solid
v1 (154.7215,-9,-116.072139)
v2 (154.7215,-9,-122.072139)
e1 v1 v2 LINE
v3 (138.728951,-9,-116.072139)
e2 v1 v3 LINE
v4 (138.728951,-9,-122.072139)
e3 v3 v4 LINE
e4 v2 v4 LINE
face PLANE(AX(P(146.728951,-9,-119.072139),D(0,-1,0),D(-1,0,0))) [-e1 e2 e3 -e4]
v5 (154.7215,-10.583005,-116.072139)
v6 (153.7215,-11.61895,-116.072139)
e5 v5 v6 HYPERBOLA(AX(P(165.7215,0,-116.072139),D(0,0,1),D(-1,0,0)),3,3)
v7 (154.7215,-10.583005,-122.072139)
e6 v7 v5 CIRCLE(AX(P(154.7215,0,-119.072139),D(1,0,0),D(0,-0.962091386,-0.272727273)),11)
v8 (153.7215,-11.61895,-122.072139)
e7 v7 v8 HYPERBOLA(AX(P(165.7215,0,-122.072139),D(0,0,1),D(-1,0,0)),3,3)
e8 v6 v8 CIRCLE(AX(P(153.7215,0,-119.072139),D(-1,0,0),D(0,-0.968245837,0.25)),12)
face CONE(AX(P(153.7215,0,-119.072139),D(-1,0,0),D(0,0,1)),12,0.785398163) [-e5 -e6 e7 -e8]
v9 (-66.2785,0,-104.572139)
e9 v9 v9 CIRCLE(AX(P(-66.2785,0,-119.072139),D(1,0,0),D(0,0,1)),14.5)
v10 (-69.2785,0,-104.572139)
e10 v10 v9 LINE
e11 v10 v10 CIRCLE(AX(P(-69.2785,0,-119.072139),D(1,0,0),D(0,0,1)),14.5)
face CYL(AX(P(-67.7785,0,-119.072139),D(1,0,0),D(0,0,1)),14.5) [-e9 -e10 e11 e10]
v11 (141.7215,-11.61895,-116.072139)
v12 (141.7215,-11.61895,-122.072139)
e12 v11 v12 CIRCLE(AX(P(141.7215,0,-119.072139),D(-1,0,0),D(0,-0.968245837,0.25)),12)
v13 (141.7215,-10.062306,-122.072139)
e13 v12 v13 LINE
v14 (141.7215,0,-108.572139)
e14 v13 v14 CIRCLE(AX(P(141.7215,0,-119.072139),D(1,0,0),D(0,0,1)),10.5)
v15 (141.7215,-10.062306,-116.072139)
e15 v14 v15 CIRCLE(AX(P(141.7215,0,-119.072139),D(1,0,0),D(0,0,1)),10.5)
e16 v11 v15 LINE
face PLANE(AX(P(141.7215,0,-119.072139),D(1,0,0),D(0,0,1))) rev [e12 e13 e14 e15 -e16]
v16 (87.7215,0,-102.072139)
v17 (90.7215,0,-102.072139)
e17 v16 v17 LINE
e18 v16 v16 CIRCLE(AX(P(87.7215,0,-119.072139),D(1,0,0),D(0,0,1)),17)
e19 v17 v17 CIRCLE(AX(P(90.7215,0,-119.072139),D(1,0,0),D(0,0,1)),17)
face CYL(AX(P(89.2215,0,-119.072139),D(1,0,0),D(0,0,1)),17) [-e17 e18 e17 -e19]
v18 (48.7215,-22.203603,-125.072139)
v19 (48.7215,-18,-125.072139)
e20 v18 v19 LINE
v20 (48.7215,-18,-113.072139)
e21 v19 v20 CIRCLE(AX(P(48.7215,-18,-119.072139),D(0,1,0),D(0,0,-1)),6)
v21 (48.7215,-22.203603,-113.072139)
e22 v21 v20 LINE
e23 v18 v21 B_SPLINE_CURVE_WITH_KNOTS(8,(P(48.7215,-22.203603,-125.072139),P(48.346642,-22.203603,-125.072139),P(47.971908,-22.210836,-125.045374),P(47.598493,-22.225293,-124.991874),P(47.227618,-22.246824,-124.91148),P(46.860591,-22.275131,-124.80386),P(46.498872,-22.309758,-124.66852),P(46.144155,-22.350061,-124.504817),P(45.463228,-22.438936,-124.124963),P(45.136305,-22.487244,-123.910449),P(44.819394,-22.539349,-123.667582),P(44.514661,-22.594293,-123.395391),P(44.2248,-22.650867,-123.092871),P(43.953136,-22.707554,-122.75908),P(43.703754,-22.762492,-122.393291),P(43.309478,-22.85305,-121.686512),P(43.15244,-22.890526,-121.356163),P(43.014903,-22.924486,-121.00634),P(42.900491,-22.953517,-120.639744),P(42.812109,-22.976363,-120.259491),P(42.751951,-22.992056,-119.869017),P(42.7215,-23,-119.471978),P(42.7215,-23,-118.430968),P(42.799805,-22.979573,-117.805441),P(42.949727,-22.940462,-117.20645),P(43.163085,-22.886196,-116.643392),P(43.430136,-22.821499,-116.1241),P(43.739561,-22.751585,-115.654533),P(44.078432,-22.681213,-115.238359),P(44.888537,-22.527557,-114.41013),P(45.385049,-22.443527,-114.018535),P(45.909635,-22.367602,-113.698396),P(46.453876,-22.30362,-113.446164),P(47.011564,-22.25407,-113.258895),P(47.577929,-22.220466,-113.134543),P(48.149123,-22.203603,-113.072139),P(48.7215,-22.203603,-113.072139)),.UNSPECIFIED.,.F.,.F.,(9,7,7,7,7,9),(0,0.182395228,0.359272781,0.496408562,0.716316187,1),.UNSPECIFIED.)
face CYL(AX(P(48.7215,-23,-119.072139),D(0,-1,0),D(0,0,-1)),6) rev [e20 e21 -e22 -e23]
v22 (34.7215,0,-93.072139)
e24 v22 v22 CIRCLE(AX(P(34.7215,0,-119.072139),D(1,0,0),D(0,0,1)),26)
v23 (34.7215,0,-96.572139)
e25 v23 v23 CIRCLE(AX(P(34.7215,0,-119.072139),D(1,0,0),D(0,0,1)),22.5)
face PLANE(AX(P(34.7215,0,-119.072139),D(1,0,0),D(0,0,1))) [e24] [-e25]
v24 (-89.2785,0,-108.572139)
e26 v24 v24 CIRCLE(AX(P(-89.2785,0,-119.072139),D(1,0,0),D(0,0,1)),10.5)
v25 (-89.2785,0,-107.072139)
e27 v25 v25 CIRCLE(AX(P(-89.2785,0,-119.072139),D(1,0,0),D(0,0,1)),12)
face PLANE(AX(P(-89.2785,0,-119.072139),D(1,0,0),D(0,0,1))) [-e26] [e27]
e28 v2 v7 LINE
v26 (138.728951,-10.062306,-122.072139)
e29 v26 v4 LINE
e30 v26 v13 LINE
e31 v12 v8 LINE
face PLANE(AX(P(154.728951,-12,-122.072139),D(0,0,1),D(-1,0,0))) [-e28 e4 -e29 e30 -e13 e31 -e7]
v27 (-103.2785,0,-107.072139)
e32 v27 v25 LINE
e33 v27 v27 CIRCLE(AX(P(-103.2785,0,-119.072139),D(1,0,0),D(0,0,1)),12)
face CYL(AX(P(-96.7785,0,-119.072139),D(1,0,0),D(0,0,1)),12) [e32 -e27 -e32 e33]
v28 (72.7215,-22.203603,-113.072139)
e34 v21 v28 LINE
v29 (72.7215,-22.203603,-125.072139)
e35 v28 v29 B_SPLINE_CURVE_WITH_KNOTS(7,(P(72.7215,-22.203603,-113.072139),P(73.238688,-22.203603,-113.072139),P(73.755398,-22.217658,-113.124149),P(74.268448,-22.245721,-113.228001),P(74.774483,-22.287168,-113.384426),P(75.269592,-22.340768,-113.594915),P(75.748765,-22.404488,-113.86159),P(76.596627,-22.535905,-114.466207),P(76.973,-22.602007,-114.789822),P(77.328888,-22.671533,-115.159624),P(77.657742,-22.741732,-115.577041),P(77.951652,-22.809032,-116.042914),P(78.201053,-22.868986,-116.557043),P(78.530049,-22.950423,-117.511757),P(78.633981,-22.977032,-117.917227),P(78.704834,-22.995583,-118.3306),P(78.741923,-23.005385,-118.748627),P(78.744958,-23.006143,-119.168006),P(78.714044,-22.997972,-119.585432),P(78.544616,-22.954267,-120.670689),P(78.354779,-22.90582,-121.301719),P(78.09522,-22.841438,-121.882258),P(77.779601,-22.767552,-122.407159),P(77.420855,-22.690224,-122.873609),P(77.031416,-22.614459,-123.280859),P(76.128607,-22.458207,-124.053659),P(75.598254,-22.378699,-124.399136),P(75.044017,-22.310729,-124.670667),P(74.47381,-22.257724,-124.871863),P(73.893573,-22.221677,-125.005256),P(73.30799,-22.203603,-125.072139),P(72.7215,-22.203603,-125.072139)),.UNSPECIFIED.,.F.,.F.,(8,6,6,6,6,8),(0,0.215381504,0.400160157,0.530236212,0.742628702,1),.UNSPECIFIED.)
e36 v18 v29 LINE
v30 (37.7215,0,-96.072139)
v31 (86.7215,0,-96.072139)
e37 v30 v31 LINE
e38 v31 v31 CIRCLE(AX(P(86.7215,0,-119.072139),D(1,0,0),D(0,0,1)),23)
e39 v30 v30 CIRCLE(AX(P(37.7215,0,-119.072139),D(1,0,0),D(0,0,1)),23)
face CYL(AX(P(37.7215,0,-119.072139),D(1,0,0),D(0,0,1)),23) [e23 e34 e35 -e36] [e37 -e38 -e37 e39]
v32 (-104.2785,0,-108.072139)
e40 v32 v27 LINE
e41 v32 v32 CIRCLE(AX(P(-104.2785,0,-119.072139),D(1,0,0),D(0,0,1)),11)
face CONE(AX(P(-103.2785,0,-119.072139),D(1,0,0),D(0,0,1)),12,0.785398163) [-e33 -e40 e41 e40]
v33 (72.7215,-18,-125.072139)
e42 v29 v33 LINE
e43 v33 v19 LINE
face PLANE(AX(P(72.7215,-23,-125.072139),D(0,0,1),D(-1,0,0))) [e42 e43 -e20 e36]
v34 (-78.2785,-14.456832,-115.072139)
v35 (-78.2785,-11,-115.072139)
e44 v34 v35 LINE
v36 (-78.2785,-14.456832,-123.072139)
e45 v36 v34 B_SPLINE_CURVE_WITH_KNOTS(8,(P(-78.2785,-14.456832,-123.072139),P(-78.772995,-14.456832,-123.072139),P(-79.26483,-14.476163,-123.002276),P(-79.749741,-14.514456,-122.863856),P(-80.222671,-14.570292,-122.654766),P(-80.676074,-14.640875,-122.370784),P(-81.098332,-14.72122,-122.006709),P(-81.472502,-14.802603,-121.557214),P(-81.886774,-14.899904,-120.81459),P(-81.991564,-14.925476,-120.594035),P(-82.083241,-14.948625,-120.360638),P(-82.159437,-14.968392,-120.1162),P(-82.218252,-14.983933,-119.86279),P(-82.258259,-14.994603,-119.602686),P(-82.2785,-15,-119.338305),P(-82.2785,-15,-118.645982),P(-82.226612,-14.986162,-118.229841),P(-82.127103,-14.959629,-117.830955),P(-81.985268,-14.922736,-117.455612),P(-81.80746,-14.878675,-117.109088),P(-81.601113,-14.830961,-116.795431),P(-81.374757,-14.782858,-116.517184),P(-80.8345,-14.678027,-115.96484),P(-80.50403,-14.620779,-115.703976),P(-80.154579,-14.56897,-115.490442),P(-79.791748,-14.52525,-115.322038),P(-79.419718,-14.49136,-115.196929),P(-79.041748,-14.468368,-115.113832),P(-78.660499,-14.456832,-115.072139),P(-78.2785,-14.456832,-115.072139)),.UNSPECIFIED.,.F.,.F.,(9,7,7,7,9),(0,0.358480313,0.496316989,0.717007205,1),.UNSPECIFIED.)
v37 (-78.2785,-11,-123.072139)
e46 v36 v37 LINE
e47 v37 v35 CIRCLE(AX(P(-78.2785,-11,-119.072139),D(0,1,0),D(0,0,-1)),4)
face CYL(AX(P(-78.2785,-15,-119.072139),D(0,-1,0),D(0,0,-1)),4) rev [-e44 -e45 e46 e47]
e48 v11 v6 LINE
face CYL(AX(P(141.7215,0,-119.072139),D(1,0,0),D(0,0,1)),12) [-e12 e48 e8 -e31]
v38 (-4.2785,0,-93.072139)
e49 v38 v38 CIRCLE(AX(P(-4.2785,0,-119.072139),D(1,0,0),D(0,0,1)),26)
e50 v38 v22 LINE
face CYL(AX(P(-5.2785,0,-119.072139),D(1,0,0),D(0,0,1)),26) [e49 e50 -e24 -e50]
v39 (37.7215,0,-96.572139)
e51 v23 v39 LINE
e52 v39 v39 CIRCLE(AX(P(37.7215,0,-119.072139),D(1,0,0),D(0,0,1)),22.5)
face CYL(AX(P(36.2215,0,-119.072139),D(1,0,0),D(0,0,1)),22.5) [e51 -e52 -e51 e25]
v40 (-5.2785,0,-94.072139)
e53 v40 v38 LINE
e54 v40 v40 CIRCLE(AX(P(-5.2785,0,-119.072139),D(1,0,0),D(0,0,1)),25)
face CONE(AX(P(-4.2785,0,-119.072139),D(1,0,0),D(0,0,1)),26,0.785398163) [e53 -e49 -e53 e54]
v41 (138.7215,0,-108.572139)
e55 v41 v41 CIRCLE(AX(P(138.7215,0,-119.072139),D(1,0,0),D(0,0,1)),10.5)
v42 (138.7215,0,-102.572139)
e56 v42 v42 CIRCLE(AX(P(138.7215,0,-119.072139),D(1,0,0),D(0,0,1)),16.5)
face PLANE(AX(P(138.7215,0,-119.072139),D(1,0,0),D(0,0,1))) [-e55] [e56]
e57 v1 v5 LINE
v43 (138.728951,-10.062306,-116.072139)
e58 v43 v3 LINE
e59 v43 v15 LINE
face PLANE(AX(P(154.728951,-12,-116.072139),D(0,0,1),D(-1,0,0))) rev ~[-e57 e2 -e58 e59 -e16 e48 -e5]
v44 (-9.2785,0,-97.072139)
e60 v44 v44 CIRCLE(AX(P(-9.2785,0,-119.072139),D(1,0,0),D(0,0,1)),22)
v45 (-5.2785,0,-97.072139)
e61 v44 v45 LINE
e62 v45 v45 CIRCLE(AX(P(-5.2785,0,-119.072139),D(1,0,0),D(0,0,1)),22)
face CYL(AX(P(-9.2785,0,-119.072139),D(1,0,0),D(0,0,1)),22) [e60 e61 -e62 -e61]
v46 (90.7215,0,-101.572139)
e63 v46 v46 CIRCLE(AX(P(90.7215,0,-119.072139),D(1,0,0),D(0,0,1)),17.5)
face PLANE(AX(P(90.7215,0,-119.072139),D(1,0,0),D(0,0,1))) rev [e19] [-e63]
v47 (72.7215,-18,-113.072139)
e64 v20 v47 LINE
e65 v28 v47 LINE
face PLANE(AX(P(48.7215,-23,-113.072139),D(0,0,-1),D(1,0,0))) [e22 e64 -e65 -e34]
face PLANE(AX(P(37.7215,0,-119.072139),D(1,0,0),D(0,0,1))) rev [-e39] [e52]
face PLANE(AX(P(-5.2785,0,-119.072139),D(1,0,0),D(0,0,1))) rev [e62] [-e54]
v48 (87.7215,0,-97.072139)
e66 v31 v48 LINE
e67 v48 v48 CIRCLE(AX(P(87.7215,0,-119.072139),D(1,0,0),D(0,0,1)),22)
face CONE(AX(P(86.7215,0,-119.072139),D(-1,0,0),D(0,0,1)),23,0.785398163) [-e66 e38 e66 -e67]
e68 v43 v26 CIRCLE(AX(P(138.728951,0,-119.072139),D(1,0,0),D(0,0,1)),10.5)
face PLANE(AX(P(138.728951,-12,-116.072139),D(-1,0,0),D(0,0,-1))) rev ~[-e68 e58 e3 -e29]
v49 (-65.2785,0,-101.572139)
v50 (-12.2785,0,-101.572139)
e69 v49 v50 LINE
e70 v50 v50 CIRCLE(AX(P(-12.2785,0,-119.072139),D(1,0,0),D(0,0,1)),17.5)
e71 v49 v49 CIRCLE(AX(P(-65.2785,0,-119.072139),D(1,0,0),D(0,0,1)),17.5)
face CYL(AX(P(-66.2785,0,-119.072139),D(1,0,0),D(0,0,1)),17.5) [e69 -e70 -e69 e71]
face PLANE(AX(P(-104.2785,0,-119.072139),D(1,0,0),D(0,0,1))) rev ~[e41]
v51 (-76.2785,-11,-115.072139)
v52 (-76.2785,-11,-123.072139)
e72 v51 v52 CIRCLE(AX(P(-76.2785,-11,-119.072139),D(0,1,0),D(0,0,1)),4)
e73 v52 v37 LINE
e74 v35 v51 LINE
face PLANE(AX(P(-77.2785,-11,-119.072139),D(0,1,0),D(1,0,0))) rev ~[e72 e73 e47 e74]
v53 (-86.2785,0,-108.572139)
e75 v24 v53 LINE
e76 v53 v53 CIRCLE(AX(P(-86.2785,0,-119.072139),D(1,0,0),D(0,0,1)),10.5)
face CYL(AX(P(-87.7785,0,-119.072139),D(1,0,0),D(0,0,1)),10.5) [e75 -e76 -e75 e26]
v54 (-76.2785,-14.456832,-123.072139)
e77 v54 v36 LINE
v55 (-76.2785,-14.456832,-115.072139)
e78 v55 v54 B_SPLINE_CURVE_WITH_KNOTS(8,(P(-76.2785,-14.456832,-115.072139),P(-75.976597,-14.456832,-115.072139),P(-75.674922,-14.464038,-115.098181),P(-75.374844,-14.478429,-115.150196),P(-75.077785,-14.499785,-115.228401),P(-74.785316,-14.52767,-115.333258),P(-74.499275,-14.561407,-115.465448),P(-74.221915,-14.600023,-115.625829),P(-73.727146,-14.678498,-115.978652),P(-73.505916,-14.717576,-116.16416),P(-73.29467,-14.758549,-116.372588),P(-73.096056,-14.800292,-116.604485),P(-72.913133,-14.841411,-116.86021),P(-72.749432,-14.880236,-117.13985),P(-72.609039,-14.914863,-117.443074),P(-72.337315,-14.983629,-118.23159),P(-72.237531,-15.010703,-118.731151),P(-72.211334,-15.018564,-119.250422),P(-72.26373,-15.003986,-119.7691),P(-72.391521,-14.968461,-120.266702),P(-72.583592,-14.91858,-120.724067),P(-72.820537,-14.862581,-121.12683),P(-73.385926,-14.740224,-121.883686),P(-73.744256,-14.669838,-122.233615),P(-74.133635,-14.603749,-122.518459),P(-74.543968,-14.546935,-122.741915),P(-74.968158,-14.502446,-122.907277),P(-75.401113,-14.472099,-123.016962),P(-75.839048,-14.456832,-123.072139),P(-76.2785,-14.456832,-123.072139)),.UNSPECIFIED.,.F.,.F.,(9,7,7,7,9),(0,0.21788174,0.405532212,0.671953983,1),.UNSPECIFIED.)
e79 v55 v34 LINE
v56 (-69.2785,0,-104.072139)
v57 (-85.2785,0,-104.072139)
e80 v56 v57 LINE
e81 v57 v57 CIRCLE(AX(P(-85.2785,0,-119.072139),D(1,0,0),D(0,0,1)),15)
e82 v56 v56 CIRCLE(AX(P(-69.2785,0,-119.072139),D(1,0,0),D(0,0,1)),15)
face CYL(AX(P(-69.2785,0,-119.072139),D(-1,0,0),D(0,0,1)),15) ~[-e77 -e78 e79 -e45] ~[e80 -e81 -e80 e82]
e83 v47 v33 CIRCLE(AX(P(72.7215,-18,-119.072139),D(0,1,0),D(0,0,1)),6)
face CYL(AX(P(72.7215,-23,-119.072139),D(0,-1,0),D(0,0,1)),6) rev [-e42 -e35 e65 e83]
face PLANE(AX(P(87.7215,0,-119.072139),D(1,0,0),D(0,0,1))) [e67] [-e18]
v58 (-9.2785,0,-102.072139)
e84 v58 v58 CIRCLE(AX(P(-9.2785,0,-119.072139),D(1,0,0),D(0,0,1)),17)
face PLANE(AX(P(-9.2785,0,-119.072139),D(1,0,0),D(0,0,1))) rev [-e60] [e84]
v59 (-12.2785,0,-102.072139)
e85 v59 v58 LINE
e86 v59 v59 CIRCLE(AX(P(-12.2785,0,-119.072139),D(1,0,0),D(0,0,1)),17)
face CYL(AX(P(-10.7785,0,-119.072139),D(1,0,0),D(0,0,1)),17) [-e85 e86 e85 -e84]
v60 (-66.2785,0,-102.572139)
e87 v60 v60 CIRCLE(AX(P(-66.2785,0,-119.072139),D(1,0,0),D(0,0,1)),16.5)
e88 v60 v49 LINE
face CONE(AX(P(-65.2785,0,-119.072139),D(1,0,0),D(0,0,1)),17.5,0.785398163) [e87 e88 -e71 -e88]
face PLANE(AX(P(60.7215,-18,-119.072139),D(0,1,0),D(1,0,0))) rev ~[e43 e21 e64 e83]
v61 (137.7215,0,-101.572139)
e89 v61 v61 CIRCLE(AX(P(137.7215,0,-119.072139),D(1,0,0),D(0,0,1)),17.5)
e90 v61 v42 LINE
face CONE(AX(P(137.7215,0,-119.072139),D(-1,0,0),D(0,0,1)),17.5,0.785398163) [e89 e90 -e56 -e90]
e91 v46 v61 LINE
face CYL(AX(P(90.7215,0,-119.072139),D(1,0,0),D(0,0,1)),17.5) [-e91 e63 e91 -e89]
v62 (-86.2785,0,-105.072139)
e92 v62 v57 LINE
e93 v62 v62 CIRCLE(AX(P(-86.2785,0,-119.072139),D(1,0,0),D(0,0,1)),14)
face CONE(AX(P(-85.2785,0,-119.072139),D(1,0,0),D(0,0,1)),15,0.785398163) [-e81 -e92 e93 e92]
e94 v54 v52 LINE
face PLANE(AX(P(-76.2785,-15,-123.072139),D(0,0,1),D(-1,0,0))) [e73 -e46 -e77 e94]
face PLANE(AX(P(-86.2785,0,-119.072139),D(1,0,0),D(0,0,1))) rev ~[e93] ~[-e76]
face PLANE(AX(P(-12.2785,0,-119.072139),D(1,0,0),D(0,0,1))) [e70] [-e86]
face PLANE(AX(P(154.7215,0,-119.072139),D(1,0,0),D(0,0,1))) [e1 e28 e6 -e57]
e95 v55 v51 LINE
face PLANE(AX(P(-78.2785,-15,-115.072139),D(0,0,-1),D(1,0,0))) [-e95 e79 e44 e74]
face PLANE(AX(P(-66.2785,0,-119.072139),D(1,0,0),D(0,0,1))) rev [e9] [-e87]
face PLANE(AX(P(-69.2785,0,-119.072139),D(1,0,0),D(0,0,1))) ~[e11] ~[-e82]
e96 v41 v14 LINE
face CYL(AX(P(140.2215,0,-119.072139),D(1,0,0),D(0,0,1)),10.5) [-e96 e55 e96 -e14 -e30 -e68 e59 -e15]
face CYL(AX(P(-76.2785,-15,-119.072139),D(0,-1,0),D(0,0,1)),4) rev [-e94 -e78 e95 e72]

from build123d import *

# Parameters (mm, degrees)
SKETCH_1_W          = 15
SKETCH_1_H          = 12
SKETCH_1_W_2        = 3
SKETCH_1_H_2        = 10.5
SKETCH_1_H_3        = 14.5
SKETCH_1_H_4        = 17
SKETCH_1_H_5        = 22.5
CHAMFER_1_SIZE      = 1
CUT_EXTRUDE_1_DEPTH = 4
CUT_EXTRUDE_2_DEPTH = 5
SKETCH_5_W          = 16
SKETCH_5_H          = 6
CUT_EXTRUDE_3_DEPTH = 3


with BuildPart() as part:
    # 草图1 → 旋转1 (revolve)
    with BuildSketch(Plane(origin=(0, 0, 0), x_dir=(1, 0, 0), z_dir=(0, 1, 0))):
        with Locations((-96.778500263, 113.072139402)):
            Rectangle(SKETCH_1_W, SKETCH_1_H)
        with Locations((-87.778500263, 113.822139402)):
            Rectangle(SKETCH_1_W_2, SKETCH_1_H_2)
        Polygon((-69.278500263, 119.072139402), (-69.278500263, 104.072139402), (-86.278500263, 104.072139402), (-86.278500263, 108.572139402), (-86.278500263, 119.072139402), align=None)
        with Locations((-67.778500263, 111.822139402)):
            Rectangle(SKETCH_1_W_2, SKETCH_1_H_3)
        Polygon((-66.278500263, 119.072139402), (-66.278500263, 104.572139402), (-66.278500263, 101.572139402), (-12.278500263, 101.572139402), (-12.278500263, 102.072139402), (-12.278500263, 119.072139402), align=None)
        with Locations((-10.778500263, 110.572139402)):
            Rectangle(SKETCH_1_W_2, SKETCH_1_H_4)
        Polygon((-5.278500263, 119.072139402), (-9.278500263, 119.072139402), (-9.278500263, 102.072139402), (-9.278500263, 97.072139402), (-5.278500263, 97.072139402), align=None)
        Polygon((34.721499737, 119.072139402), (-5.278500263, 119.072139402), (-5.278500263, 97.072139402), (-5.278500263, 93.072139402), (34.721499737, 93.072139402), (34.721499737, 96.572139402), align=None)
        with Locations((36.221499737, 107.822139402)):
            Rectangle(SKETCH_1_W_2, SKETCH_1_H_5)
        Polygon((87.721499737, 119.072139402), (37.721499737, 119.072139402), (37.721499737, 96.572139402), (37.721499737, 96.072139402), (87.721499737, 96.072139402), (87.721499737, 102.072139402), align=None)
        with Locations((89.221499737, 110.572139402)):
            Rectangle(SKETCH_1_W_2, SKETCH_1_H_4)
        Polygon((138.721499737, 119.072139402), (90.721499737, 119.072139402), (90.721499737, 102.072139402), (90.721499737, 101.572139402), (138.721499737, 101.572139402), (138.721499737, 104.257707549), (138.721499737, 107.072139402), (138.721499737, 108.572139402), align=None)
        with Locations((140.221499737, 113.822139402)):
            Rectangle(SKETCH_1_W_2, SKETCH_1_H_2)
        Polygon((154.721499737, 119.072139402), (141.721499737, 119.072139402), (141.721499737, 108.572139402), (141.721499737, 107.072139402), (154.721499737, 107.072139402), align=None)
    revolve(axis=Axis((-109.712030386, 0, -119.072139402), (1, 0, 0)))

    # 倒角1
    chamfer_1_edges = [part.edges().sort_by_distance(p)[0] for p in [
        (-104.278500263, 0, -131.072139402),
        (154.721499737, 0, -131.072139402),
        (138.721499737, 0, -136.572139402),
        (87.721499737, 0, -142.072139402),
        (-5.278500263, 0, -145.072139402),
        (-66.278500263, 0, -136.572139402),
        (-86.278500263, 0, -134.072139402),
    ]]
    chamfer(chamfer_1_edges, length=CHAMFER_1_SIZE)

    # 草图2 → 切除-拉伸1 (cut)
    with BuildSketch(Plane(origin=(0, -15, 0), x_dir=(-1, 0, 0), z_dir=(0, -1, 0))):
        with BuildLine():
            Line((78.278500263, 115.072139402), (76.278500263, 115.072139402))
            ThreePointArc((76.278500263, 115.072139402), (72.278500263, 119.072139402), (76.278500263, 123.072139402))
            Line((76.278500263, 123.072139402), (78.278500263, 123.072139402))
            ThreePointArc((78.278500263, 123.072139402), (82.278500263, 119.072139402), (78.278500263, 115.072139402))
        make_face()
    extrude(amount=-CUT_EXTRUDE_1_DEPTH, mode=Mode.SUBTRACT)

    # 草图3 → 切除-拉伸2 (cut)
    with BuildSketch(Plane(origin=(0, -23, 0), x_dir=(-1, 0, 0), z_dir=(0, -1, 0))):
        with BuildLine():
            Line((-48.721499737, 113.072139402), (-72.721499737, 113.072139402))
            ThreePointArc((-72.721499737, 113.072139402), (-78.721499737, 119.072139402), (-72.721499737, 125.072139402))
            Line((-72.721499737, 125.072139402), (-48.721499737, 125.072139402))
            ThreePointArc((-48.721499737, 125.072139402), (-42.721499737, 119.072139402), (-48.721499737, 113.072139402))
        make_face()
    extrude(amount=-CUT_EXTRUDE_2_DEPTH, mode=Mode.SUBTRACT)

    # 草图5 → 切除-拉伸3 (cut)
    with BuildSketch(Plane(origin=(0, -12, 0), x_dir=(-1, 0, 0), z_dir=(0, -1, 0))):
        with Locations((-146.728951344, 119.072139402)):
            Rectangle(SKETCH_5_W, SKETCH_5_H)
    extrude(amount=-CUT_EXTRUDE_3_DEPTH, mode=Mode.SUBTRACT)


solid = part.part
